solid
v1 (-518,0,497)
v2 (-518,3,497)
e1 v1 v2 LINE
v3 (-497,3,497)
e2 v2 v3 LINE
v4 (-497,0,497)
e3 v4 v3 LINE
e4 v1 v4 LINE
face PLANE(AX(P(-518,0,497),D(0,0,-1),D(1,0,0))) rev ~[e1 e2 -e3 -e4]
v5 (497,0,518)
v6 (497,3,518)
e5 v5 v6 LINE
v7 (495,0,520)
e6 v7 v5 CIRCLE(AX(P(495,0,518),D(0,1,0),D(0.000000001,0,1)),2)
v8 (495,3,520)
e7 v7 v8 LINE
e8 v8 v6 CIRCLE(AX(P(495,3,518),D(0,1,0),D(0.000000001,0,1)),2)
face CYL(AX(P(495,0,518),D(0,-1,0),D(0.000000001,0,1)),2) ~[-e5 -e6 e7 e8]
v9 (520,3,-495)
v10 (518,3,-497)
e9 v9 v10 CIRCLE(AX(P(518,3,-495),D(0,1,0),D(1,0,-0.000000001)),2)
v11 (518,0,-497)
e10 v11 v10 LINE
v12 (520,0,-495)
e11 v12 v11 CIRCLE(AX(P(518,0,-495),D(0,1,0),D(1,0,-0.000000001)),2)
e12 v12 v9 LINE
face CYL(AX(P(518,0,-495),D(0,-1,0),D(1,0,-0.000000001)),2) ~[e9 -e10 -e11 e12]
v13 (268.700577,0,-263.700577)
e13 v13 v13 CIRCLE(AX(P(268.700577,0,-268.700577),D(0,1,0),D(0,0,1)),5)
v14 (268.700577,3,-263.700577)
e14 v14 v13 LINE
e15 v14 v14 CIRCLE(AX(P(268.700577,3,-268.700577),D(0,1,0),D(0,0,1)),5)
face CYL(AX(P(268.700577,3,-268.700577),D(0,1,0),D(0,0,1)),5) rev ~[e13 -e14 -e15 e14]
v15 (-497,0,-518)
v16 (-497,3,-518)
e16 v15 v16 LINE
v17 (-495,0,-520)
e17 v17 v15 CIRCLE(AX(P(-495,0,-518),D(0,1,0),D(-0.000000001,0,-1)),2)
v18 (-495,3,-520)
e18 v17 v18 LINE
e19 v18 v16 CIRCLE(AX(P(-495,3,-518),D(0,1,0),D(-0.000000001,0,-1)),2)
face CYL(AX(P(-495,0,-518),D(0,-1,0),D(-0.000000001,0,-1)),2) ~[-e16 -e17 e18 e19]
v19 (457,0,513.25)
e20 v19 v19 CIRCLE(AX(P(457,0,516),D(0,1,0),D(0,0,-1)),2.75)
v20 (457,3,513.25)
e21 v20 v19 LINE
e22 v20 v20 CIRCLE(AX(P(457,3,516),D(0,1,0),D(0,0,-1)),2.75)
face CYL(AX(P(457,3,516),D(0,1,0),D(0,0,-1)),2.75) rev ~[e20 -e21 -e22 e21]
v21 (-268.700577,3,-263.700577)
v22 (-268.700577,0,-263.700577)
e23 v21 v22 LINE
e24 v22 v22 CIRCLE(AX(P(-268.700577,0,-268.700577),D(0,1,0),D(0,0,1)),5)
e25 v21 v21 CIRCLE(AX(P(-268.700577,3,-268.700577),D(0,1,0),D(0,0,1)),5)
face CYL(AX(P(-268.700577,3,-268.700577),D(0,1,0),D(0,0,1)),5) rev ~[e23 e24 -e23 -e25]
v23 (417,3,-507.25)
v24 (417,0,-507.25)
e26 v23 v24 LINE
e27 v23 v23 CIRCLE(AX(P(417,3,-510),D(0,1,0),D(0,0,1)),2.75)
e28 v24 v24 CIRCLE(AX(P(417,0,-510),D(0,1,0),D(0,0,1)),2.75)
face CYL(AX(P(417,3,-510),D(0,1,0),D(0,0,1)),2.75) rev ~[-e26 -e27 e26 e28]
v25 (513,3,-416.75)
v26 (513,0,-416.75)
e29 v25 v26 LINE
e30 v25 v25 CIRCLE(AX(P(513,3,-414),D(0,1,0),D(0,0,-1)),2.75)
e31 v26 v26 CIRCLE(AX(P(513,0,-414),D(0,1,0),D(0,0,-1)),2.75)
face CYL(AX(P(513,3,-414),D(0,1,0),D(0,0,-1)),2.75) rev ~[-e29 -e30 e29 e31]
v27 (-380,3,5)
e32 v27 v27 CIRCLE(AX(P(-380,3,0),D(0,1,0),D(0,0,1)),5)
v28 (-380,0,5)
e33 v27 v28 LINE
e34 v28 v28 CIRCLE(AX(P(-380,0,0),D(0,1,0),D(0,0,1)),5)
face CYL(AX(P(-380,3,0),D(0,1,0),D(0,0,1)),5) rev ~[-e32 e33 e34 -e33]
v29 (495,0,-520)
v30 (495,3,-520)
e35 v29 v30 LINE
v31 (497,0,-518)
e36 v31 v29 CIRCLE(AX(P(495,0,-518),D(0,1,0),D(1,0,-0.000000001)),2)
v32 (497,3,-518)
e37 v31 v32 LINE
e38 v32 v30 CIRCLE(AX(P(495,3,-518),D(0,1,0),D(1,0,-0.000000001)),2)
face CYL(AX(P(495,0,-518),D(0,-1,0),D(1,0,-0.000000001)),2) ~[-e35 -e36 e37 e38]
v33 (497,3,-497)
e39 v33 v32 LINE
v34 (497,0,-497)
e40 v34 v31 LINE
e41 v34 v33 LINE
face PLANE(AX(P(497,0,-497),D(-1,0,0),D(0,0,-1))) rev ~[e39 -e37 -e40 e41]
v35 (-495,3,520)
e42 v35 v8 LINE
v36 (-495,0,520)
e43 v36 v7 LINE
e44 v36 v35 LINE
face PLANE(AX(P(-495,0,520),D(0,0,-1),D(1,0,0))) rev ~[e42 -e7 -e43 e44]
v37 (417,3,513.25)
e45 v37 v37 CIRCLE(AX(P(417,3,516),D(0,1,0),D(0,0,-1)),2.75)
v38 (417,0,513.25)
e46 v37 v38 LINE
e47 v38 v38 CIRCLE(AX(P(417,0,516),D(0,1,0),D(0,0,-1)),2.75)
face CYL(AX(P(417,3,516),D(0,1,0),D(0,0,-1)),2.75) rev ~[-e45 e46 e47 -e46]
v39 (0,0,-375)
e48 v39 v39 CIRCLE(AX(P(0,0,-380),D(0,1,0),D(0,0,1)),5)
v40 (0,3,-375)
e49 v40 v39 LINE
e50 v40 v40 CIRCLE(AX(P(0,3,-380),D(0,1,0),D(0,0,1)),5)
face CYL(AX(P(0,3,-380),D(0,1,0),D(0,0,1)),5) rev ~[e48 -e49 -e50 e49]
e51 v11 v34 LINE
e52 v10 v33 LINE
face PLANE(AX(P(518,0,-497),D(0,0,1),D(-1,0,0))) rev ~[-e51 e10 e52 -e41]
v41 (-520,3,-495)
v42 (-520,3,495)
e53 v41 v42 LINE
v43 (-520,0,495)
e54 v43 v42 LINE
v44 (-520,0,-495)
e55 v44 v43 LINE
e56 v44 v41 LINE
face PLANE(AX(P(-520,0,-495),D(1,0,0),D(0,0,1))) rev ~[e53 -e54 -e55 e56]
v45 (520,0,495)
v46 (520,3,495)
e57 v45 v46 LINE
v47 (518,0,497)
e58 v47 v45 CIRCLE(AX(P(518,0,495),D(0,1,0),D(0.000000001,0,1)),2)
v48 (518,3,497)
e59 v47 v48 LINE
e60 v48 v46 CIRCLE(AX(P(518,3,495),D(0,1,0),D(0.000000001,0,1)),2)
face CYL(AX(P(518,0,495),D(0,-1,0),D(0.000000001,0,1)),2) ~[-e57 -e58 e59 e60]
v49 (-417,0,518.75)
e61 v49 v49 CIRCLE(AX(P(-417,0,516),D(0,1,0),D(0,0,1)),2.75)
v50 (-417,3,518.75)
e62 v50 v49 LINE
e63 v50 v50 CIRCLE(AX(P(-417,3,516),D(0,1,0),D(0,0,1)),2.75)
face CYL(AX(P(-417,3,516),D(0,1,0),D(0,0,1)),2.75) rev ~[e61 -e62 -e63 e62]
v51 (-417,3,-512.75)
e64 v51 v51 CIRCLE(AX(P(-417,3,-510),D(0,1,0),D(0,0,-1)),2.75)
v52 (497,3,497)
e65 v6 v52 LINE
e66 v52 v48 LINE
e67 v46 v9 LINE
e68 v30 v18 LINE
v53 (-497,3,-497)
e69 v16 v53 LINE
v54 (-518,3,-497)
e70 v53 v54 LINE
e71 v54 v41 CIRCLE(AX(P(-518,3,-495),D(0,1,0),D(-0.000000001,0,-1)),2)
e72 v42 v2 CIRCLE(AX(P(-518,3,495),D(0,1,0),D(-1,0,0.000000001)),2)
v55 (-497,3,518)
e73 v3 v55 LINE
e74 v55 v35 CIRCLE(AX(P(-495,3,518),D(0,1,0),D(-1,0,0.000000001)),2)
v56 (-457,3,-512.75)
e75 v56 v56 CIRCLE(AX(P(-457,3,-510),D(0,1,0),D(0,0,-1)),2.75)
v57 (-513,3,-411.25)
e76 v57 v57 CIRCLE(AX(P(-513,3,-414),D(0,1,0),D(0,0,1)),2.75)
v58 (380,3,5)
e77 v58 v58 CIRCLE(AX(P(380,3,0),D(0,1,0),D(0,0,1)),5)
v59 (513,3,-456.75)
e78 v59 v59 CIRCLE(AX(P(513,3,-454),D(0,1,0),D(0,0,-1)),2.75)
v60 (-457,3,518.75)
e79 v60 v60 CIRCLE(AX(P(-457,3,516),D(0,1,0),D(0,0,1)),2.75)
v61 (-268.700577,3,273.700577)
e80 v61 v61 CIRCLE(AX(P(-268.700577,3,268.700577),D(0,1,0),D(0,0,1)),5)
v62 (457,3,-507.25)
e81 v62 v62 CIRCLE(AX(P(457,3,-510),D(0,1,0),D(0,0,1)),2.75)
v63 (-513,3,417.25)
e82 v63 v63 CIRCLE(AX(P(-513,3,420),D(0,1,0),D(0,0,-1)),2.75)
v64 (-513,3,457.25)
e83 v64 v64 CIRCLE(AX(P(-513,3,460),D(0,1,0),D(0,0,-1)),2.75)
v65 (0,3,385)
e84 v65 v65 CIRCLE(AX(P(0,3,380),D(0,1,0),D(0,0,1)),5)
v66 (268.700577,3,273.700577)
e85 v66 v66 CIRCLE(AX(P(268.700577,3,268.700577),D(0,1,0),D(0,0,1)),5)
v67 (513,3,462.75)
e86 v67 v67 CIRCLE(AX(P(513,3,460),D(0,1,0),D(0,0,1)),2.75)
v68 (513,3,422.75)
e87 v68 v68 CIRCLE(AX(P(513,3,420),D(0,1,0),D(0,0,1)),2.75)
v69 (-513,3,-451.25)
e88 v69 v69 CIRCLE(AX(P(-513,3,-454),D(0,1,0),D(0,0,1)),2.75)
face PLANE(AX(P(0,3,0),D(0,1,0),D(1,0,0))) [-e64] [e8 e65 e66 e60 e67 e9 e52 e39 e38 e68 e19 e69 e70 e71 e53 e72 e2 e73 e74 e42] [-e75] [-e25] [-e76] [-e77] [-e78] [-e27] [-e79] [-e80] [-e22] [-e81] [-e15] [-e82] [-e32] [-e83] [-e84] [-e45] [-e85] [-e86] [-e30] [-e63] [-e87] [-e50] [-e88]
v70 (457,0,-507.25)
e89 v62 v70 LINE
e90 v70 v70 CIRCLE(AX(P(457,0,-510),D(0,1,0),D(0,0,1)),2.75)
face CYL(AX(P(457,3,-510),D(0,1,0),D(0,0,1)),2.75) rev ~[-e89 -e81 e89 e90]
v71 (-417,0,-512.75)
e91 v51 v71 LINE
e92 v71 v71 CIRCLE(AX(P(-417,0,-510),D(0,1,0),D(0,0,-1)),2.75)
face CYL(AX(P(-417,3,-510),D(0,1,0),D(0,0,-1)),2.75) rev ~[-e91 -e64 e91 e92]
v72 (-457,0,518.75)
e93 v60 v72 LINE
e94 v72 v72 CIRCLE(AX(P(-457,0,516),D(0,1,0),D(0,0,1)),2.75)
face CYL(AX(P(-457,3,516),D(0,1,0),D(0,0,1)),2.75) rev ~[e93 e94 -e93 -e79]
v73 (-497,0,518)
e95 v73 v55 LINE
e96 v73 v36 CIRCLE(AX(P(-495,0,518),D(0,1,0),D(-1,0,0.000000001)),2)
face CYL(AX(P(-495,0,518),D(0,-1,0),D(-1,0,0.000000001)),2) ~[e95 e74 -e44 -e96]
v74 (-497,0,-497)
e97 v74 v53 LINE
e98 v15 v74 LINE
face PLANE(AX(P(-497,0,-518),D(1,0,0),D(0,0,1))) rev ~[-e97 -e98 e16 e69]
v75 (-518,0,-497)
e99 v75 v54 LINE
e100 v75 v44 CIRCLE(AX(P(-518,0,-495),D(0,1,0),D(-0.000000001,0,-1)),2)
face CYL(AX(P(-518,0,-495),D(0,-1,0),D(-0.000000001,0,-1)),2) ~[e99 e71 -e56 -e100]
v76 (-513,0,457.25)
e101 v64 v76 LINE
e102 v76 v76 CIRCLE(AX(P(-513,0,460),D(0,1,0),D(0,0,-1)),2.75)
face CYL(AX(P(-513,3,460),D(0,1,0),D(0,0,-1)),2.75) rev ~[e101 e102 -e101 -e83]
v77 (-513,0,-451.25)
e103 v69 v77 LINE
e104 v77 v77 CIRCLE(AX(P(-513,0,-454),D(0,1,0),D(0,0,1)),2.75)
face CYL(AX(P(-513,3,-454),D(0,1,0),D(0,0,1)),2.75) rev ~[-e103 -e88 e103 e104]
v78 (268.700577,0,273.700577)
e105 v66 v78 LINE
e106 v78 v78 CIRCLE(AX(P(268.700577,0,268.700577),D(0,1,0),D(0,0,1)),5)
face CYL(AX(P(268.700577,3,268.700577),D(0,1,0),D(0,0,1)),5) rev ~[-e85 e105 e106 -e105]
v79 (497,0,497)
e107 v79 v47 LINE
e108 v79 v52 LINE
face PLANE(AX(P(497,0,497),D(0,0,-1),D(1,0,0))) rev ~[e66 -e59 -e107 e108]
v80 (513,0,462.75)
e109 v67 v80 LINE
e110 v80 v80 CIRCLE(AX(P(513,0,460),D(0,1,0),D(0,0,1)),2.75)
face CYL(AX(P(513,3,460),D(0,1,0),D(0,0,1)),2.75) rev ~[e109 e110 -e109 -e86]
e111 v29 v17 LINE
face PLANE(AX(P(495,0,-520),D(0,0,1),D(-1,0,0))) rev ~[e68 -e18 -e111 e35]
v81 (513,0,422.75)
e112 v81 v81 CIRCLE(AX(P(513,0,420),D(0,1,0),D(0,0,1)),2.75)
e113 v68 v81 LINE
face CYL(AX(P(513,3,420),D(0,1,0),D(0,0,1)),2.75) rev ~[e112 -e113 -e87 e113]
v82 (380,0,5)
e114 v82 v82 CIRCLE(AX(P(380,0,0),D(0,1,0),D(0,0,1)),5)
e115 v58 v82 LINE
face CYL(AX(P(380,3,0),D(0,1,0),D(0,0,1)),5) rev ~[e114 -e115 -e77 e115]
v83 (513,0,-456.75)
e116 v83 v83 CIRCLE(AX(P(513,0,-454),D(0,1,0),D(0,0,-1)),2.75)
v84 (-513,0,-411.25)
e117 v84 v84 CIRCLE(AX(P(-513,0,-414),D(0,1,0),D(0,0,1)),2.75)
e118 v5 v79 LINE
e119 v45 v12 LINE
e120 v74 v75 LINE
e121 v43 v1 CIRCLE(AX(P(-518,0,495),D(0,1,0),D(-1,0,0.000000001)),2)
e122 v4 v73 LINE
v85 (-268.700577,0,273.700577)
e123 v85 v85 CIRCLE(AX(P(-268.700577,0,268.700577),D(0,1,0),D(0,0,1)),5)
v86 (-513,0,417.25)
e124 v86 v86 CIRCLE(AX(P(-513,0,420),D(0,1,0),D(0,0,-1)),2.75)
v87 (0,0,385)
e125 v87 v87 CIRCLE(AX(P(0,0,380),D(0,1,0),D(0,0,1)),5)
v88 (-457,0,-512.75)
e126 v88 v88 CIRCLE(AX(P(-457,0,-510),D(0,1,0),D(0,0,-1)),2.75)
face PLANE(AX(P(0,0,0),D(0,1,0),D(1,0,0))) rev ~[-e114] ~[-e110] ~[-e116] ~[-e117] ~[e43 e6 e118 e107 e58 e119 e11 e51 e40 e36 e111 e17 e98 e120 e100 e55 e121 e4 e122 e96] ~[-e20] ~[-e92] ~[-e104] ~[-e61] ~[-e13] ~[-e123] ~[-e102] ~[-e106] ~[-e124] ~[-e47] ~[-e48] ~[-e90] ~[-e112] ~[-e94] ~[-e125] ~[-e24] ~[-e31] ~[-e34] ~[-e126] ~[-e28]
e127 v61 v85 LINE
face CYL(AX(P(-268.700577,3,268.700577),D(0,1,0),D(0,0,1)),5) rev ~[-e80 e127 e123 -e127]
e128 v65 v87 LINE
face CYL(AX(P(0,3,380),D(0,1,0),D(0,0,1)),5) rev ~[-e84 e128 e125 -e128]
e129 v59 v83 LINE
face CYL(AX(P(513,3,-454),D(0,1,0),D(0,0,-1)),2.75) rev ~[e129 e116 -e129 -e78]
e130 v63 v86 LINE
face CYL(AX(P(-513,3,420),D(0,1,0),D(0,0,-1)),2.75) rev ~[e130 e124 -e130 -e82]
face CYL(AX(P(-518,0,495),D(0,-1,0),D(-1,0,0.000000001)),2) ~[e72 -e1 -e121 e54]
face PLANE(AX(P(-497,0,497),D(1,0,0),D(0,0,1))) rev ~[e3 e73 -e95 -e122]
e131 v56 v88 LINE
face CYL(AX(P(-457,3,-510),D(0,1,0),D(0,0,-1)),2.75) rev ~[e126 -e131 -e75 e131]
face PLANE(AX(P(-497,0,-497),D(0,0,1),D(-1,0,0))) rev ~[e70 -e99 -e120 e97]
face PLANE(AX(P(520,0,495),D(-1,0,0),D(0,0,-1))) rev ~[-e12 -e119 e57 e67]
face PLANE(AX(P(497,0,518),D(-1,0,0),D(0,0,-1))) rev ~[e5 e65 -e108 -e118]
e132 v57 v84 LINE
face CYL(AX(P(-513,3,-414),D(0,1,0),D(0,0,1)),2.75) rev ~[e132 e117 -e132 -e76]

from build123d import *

# Parameters (mm, degrees)
EXTRUDE_3_DEPTH     = 3
SKETCH_2_R          = 5
SKETCH_2_R_2        = 2.75
CUT_EXTRUDE_1_DEPTH = 736.397171602


with BuildPart() as part:
    # 草图1 → 凸台-拉伸3 (new body)
    with BuildSketch(Plane(origin=(0, 0, 0), x_dir=(1, 0, 0), z_dir=(0, 1, 0))):
        with BuildLine():
            Line((0, 520), (-495, 520))
            ThreePointArc((-495, 520), (-496.414213562, 519.414213562), (-497, 518))
            Line((-497, 518), (-497, 497))
            Line((-497, 497), (-518, 497))
            ThreePointArc((-518, 497), (-519.414213562, 496.414213562), (-520, 495))
            Line((-520, 495), (-520, 0))
            Line((-520, 0), (-520, -495))
            ThreePointArc((-520, -495), (-519.414213562, -496.414213562), (-518, -497))
            Line((-518, -497), (-497, -497))
            Line((-497, -497), (-497, -518))
            ThreePointArc((-497, -518), (-496.414213562, -519.414213562), (-495, -520))
            Line((-495, -520), (0, -520))
            Line((0, -520), (495, -520))
            ThreePointArc((495, -520), (496.414213562, -519.414213562), (497, -518))
            Line((497, -518), (497, -497))
            Line((497, -497), (518, -497))
            ThreePointArc((518, -497), (519.414213562, -496.414213562), (520, -495))
            Line((520, -495), (520, 0))
            Line((520, 0), (520, 495))
            ThreePointArc((520, 495), (519.414213562, 496.414213562), (518, 497))
            Line((518, 497), (497, 497))
            Line((497, 497), (497, 518))
            ThreePointArc((497, 518), (496.414213562, 519.414213562), (495, 520))
            Line((495, 520), (0, 520))
        make_face()
    extrude(amount=EXTRUDE_3_DEPTH)

    # 草图2 → 切除-拉伸1 (cut, through all)
    with BuildSketch(Plane(origin=(0, 3, 0), x_dir=(1, 0, 0), z_dir=(0, 1, 0))):
        with Locations(Location((380, 0, 0), (0, 0, 270))):
            Circle(SKETCH_2_R)
        with Locations(Location((268.700576851, -268.700576851, 0), (0, 0, 270))):
            Circle(SKETCH_2_R)
        with Locations(Location((0, -380, 0), (0, 0, 270))):
            Circle(SKETCH_2_R)
        with Locations(Location((-268.700576851, -268.700576851, 0), (0, 0, 270))):
            Circle(SKETCH_2_R)
        with Locations(Location((-380, 0, 0), (0, 0, 270))):
            Circle(SKETCH_2_R)
        with Locations(Location((-268.700576851, 268.700576851, 0), (0, 0, 270))):
            Circle(SKETCH_2_R)
        with Locations(Location((0, 380, 0), (0, 0, 270))):
            Circle(SKETCH_2_R)
        with Locations(Location((268.700576851, 268.700576851, 0), (0, 0, 270))):
            Circle(SKETCH_2_R)
        with Locations(Location((457, 510, 0), (0, 0, 270))):
            Circle(SKETCH_2_R_2)
        with Locations(Location((417, 510, 0), (0, 0, 270))):
            Circle(SKETCH_2_R_2)
        with Locations(Location((-417, 510, 0), (0, 0, 90))):
            Circle(SKETCH_2_R_2)
        with Locations(Location((-457, 510, 0), (0, 0, 90))):
            Circle(SKETCH_2_R_2)
        with Locations(Location((513, -460, 0), (0, 0, 270))):
            Circle(SKETCH_2_R_2)
        with Locations(Location((513, -420, 0), (0, 0, 270))):
            Circle(SKETCH_2_R_2)
        with Locations(Location((513, 454, 0), (0, 0, 90))):
            Circle(SKETCH_2_R_2)
        with Locations(Location((513, 414, 0), (0, 0, 90))):
            Circle(SKETCH_2_R_2)
        with Locations(Location((-457, -516, 0), (0, 0, 270))):
            Circle(SKETCH_2_R_2)
        with Locations(Location((-417, -516, 0), (0, 0, 270))):
            Circle(SKETCH_2_R_2)
        with Locations(Location((457, -516, 0), (0, 0, 90))):
            Circle(SKETCH_2_R_2)
        with Locations(Location((417, -516, 0), (0, 0, 90))):
            Circle(SKETCH_2_R_2)
        with Locations(Location((-513, 454, 0), (0, 0, 270))):
            Circle(SKETCH_2_R_2)
        with Locations(Location((-513, 414, 0), (0, 0, 270))):
            Circle(SKETCH_2_R_2)
        with Locations(Location((-513, -460, 0), (0, 0, 90))):
            Circle(SKETCH_2_R_2)
        with Locations(Location((-513, -420, 0), (0, 0, 90))):
            Circle(SKETCH_2_R_2)
    extrude(amount=-CUT_EXTRUDE_1_DEPTH, mode=Mode.SUBTRACT)


solid = part.part
